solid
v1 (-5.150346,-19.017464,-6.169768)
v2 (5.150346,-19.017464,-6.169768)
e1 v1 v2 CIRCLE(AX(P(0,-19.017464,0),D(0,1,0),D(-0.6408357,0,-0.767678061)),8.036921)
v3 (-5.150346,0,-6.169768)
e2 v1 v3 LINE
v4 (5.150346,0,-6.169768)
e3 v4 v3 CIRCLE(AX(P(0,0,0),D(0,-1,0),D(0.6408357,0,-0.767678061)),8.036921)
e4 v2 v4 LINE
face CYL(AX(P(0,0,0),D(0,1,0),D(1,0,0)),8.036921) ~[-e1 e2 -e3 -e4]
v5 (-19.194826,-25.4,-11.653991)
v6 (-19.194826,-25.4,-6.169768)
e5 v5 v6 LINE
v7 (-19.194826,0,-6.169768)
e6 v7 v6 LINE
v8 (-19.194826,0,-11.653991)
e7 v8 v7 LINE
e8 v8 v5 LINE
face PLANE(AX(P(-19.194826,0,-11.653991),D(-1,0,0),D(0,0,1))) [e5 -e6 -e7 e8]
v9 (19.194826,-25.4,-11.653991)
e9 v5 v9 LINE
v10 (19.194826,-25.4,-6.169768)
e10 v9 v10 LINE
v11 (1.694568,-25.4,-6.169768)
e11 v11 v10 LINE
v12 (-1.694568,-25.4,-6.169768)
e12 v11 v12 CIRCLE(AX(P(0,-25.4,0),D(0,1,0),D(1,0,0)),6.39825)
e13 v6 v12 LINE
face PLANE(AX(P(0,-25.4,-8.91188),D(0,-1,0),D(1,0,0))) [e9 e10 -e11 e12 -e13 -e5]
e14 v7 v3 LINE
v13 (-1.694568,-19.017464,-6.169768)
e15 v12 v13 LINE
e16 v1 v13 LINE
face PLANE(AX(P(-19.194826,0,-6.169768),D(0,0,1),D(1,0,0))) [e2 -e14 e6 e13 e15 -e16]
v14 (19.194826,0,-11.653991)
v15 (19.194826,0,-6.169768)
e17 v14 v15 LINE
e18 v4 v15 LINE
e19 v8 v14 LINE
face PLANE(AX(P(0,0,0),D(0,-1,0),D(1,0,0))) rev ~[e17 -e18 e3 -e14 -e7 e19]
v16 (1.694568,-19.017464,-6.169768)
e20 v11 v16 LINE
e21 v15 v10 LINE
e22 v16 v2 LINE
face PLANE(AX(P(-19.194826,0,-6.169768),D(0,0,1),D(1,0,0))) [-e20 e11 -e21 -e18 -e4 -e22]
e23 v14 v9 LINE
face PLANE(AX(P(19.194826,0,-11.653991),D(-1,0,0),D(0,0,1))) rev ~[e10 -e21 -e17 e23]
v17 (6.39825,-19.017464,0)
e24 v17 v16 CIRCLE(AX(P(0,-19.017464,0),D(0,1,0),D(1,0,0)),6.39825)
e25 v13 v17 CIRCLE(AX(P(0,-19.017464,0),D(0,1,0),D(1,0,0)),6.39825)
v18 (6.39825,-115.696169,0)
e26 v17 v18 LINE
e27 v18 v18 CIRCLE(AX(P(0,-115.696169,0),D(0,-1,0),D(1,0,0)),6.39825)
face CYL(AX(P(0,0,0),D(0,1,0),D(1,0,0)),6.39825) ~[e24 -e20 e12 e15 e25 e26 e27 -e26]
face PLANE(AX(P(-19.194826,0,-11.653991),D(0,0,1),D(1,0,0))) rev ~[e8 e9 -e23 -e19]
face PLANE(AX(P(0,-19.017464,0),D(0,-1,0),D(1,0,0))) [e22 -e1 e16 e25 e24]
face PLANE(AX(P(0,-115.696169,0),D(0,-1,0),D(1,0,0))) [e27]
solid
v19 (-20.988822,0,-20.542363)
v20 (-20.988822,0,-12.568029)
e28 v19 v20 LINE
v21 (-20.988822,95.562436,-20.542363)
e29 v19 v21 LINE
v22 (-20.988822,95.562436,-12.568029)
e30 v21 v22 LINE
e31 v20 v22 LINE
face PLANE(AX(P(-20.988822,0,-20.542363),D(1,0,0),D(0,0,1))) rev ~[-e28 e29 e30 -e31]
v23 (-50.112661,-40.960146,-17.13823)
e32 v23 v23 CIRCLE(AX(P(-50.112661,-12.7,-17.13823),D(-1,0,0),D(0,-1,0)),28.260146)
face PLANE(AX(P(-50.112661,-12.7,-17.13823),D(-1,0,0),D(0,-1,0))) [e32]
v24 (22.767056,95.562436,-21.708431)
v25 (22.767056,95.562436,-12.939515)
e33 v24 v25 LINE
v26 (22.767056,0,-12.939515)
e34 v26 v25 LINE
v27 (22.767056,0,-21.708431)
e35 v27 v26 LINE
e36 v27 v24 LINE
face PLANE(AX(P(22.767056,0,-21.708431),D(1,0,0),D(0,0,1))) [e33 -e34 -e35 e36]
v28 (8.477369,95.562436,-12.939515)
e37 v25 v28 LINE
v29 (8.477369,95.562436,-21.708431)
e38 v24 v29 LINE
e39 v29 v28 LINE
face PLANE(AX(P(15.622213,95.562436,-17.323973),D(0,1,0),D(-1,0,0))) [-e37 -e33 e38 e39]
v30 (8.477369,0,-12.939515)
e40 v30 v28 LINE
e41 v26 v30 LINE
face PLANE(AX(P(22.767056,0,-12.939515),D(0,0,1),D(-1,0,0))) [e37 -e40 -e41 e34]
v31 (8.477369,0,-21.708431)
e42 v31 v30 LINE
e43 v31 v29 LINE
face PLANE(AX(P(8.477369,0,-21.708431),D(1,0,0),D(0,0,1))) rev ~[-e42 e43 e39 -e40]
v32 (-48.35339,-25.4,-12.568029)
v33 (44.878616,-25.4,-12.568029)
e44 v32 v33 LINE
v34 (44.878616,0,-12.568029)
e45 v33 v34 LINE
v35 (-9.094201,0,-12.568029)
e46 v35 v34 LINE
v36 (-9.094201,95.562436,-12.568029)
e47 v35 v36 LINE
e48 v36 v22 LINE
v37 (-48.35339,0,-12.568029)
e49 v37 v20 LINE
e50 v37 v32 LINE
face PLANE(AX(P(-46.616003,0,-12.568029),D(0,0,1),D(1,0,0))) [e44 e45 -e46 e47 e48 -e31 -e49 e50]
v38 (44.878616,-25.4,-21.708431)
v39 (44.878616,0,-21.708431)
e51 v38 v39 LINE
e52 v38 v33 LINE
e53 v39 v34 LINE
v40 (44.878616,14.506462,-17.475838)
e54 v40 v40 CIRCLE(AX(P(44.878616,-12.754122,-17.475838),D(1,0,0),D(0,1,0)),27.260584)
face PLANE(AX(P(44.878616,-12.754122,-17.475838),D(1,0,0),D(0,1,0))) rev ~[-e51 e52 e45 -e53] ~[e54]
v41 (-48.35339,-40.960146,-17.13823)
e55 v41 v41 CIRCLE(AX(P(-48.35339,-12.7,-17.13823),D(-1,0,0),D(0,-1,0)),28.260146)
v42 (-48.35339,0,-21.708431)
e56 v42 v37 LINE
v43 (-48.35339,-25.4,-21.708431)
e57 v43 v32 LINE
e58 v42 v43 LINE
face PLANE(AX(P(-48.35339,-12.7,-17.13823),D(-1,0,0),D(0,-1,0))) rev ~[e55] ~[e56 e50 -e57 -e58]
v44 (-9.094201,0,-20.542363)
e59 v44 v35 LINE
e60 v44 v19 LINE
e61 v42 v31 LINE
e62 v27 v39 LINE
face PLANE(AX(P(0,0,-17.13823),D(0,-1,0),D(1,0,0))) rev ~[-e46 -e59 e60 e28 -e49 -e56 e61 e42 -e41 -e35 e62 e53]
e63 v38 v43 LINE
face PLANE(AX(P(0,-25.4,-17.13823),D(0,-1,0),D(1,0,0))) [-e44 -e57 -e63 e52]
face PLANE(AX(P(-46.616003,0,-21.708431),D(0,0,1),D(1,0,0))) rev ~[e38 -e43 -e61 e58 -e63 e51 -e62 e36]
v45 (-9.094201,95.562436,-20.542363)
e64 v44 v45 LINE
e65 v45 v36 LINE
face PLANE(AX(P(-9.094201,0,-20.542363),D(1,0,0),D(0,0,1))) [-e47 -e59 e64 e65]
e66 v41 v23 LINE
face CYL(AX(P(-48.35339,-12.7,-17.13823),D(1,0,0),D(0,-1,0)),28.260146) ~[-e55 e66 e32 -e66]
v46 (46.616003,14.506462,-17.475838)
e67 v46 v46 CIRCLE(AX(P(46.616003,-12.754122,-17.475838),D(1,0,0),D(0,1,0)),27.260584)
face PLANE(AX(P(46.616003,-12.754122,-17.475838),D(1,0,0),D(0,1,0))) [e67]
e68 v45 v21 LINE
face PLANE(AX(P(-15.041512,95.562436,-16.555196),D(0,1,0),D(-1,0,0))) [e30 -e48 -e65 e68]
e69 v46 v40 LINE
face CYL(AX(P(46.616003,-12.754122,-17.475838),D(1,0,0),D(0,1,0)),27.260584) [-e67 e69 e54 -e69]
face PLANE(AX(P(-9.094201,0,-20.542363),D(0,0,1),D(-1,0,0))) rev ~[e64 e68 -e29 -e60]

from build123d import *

# Parameters (mm, degrees)
F0_R       = 6.3982496495
F1_DEPTH   = 115.696169436
F2_W       = 38.3896529675
F2_H       = 5.4842233658
F3_DEPTH   = 25.4
F4_R       = 8.0369211596
F5_DEPTH   = 19.01746355
F6_W       = 93.2320058346
F6_H       = 9.1404020786
F7_DEPTH   = 25.4
F8_R       = 27.2605842684
F7_FACE1_W = 25.4
F7_FACE1_H = 9.1404020786
F9_DEPTH   = 1.7373869196
F10_R      = 28.2601456602
F11_DEPTH  = 1.7592711374
F12_W      = 11.894620955
F12_H      = 7.9743340611
F12_W_2    = 14.2896864563
F12_H_2    = 8.7689161301
F13_DEPTH  = 95.5624356866


with BuildPart() as f1:
    # F0 (on Front) → F1 (new body)
    with BuildSketch(Plane.XZ):
        Circle(F0_R)
    extrude(amount=F1_DEPTH)

    # F2 (on Front) → F3 (join)
    with BuildSketch(Plane.XZ):
        with Locations((0, -8.9118797332)):
            Rectangle(F2_W, F2_H)
    extrude(amount=F3_DEPTH)

    # F4 (on Front) → F5 (join)
    with BuildSketch(Plane.XZ):
        Circle(F4_R)
    extrude(amount=F5_DEPTH)


with BuildPart() as f7:
    # F6 (on Front) → F7 (new body)
    with BuildSketch(Plane.XZ):
        with Locations((0, -17.138229683)):
            Rectangle(F6_W, F6_H)
    extrude(amount=F7_DEPTH)

    # F8 (on face) + F7_face1 (on face) → F9 (join)
    with BuildSketch(Plane.YZ.offset(46.6160029173)):
        with Locations((-12.7541217953, -17.4758378416)):
            Circle(F8_R)
    with BuildSketch(Plane(origin=(-46.6160029173, -12.7, -17.138229683), x_dir=(0, -1, 0), z_dir=(-1, 0, 0))):
        Rectangle(F7_FACE1_W, F7_FACE1_H)
    extrude(amount=-F9_DEPTH, dir=(1, 0, 0))

    # F10 (on face) → F11 (join)
    with BuildSketch(Plane(origin=(-48.3533898368, 0, 0), x_dir=(0, -1, 0), z_dir=(-1, 0, 0))):
        with Locations((12.7, -17.138229683)):
            Circle(F10_R)
    extrude(amount=F11_DEPTH)

    # F12 (on face) → F13 (join)
    with BuildSketch(Plane(origin=(0, 0, 0), x_dir=(-1, 0, 0), z_dir=(0, 1, 0))):
        with Locations((15.0415115058, -16.5551956743)):
            Rectangle(F12_W, F12_H)
        with Locations((-15.6222125515, -17.3239726573)):
            Rectangle(F12_W_2, F12_H_2)
    extrude(amount=F13_DEPTH)


solid = Compound([f1.part, f7.part])
